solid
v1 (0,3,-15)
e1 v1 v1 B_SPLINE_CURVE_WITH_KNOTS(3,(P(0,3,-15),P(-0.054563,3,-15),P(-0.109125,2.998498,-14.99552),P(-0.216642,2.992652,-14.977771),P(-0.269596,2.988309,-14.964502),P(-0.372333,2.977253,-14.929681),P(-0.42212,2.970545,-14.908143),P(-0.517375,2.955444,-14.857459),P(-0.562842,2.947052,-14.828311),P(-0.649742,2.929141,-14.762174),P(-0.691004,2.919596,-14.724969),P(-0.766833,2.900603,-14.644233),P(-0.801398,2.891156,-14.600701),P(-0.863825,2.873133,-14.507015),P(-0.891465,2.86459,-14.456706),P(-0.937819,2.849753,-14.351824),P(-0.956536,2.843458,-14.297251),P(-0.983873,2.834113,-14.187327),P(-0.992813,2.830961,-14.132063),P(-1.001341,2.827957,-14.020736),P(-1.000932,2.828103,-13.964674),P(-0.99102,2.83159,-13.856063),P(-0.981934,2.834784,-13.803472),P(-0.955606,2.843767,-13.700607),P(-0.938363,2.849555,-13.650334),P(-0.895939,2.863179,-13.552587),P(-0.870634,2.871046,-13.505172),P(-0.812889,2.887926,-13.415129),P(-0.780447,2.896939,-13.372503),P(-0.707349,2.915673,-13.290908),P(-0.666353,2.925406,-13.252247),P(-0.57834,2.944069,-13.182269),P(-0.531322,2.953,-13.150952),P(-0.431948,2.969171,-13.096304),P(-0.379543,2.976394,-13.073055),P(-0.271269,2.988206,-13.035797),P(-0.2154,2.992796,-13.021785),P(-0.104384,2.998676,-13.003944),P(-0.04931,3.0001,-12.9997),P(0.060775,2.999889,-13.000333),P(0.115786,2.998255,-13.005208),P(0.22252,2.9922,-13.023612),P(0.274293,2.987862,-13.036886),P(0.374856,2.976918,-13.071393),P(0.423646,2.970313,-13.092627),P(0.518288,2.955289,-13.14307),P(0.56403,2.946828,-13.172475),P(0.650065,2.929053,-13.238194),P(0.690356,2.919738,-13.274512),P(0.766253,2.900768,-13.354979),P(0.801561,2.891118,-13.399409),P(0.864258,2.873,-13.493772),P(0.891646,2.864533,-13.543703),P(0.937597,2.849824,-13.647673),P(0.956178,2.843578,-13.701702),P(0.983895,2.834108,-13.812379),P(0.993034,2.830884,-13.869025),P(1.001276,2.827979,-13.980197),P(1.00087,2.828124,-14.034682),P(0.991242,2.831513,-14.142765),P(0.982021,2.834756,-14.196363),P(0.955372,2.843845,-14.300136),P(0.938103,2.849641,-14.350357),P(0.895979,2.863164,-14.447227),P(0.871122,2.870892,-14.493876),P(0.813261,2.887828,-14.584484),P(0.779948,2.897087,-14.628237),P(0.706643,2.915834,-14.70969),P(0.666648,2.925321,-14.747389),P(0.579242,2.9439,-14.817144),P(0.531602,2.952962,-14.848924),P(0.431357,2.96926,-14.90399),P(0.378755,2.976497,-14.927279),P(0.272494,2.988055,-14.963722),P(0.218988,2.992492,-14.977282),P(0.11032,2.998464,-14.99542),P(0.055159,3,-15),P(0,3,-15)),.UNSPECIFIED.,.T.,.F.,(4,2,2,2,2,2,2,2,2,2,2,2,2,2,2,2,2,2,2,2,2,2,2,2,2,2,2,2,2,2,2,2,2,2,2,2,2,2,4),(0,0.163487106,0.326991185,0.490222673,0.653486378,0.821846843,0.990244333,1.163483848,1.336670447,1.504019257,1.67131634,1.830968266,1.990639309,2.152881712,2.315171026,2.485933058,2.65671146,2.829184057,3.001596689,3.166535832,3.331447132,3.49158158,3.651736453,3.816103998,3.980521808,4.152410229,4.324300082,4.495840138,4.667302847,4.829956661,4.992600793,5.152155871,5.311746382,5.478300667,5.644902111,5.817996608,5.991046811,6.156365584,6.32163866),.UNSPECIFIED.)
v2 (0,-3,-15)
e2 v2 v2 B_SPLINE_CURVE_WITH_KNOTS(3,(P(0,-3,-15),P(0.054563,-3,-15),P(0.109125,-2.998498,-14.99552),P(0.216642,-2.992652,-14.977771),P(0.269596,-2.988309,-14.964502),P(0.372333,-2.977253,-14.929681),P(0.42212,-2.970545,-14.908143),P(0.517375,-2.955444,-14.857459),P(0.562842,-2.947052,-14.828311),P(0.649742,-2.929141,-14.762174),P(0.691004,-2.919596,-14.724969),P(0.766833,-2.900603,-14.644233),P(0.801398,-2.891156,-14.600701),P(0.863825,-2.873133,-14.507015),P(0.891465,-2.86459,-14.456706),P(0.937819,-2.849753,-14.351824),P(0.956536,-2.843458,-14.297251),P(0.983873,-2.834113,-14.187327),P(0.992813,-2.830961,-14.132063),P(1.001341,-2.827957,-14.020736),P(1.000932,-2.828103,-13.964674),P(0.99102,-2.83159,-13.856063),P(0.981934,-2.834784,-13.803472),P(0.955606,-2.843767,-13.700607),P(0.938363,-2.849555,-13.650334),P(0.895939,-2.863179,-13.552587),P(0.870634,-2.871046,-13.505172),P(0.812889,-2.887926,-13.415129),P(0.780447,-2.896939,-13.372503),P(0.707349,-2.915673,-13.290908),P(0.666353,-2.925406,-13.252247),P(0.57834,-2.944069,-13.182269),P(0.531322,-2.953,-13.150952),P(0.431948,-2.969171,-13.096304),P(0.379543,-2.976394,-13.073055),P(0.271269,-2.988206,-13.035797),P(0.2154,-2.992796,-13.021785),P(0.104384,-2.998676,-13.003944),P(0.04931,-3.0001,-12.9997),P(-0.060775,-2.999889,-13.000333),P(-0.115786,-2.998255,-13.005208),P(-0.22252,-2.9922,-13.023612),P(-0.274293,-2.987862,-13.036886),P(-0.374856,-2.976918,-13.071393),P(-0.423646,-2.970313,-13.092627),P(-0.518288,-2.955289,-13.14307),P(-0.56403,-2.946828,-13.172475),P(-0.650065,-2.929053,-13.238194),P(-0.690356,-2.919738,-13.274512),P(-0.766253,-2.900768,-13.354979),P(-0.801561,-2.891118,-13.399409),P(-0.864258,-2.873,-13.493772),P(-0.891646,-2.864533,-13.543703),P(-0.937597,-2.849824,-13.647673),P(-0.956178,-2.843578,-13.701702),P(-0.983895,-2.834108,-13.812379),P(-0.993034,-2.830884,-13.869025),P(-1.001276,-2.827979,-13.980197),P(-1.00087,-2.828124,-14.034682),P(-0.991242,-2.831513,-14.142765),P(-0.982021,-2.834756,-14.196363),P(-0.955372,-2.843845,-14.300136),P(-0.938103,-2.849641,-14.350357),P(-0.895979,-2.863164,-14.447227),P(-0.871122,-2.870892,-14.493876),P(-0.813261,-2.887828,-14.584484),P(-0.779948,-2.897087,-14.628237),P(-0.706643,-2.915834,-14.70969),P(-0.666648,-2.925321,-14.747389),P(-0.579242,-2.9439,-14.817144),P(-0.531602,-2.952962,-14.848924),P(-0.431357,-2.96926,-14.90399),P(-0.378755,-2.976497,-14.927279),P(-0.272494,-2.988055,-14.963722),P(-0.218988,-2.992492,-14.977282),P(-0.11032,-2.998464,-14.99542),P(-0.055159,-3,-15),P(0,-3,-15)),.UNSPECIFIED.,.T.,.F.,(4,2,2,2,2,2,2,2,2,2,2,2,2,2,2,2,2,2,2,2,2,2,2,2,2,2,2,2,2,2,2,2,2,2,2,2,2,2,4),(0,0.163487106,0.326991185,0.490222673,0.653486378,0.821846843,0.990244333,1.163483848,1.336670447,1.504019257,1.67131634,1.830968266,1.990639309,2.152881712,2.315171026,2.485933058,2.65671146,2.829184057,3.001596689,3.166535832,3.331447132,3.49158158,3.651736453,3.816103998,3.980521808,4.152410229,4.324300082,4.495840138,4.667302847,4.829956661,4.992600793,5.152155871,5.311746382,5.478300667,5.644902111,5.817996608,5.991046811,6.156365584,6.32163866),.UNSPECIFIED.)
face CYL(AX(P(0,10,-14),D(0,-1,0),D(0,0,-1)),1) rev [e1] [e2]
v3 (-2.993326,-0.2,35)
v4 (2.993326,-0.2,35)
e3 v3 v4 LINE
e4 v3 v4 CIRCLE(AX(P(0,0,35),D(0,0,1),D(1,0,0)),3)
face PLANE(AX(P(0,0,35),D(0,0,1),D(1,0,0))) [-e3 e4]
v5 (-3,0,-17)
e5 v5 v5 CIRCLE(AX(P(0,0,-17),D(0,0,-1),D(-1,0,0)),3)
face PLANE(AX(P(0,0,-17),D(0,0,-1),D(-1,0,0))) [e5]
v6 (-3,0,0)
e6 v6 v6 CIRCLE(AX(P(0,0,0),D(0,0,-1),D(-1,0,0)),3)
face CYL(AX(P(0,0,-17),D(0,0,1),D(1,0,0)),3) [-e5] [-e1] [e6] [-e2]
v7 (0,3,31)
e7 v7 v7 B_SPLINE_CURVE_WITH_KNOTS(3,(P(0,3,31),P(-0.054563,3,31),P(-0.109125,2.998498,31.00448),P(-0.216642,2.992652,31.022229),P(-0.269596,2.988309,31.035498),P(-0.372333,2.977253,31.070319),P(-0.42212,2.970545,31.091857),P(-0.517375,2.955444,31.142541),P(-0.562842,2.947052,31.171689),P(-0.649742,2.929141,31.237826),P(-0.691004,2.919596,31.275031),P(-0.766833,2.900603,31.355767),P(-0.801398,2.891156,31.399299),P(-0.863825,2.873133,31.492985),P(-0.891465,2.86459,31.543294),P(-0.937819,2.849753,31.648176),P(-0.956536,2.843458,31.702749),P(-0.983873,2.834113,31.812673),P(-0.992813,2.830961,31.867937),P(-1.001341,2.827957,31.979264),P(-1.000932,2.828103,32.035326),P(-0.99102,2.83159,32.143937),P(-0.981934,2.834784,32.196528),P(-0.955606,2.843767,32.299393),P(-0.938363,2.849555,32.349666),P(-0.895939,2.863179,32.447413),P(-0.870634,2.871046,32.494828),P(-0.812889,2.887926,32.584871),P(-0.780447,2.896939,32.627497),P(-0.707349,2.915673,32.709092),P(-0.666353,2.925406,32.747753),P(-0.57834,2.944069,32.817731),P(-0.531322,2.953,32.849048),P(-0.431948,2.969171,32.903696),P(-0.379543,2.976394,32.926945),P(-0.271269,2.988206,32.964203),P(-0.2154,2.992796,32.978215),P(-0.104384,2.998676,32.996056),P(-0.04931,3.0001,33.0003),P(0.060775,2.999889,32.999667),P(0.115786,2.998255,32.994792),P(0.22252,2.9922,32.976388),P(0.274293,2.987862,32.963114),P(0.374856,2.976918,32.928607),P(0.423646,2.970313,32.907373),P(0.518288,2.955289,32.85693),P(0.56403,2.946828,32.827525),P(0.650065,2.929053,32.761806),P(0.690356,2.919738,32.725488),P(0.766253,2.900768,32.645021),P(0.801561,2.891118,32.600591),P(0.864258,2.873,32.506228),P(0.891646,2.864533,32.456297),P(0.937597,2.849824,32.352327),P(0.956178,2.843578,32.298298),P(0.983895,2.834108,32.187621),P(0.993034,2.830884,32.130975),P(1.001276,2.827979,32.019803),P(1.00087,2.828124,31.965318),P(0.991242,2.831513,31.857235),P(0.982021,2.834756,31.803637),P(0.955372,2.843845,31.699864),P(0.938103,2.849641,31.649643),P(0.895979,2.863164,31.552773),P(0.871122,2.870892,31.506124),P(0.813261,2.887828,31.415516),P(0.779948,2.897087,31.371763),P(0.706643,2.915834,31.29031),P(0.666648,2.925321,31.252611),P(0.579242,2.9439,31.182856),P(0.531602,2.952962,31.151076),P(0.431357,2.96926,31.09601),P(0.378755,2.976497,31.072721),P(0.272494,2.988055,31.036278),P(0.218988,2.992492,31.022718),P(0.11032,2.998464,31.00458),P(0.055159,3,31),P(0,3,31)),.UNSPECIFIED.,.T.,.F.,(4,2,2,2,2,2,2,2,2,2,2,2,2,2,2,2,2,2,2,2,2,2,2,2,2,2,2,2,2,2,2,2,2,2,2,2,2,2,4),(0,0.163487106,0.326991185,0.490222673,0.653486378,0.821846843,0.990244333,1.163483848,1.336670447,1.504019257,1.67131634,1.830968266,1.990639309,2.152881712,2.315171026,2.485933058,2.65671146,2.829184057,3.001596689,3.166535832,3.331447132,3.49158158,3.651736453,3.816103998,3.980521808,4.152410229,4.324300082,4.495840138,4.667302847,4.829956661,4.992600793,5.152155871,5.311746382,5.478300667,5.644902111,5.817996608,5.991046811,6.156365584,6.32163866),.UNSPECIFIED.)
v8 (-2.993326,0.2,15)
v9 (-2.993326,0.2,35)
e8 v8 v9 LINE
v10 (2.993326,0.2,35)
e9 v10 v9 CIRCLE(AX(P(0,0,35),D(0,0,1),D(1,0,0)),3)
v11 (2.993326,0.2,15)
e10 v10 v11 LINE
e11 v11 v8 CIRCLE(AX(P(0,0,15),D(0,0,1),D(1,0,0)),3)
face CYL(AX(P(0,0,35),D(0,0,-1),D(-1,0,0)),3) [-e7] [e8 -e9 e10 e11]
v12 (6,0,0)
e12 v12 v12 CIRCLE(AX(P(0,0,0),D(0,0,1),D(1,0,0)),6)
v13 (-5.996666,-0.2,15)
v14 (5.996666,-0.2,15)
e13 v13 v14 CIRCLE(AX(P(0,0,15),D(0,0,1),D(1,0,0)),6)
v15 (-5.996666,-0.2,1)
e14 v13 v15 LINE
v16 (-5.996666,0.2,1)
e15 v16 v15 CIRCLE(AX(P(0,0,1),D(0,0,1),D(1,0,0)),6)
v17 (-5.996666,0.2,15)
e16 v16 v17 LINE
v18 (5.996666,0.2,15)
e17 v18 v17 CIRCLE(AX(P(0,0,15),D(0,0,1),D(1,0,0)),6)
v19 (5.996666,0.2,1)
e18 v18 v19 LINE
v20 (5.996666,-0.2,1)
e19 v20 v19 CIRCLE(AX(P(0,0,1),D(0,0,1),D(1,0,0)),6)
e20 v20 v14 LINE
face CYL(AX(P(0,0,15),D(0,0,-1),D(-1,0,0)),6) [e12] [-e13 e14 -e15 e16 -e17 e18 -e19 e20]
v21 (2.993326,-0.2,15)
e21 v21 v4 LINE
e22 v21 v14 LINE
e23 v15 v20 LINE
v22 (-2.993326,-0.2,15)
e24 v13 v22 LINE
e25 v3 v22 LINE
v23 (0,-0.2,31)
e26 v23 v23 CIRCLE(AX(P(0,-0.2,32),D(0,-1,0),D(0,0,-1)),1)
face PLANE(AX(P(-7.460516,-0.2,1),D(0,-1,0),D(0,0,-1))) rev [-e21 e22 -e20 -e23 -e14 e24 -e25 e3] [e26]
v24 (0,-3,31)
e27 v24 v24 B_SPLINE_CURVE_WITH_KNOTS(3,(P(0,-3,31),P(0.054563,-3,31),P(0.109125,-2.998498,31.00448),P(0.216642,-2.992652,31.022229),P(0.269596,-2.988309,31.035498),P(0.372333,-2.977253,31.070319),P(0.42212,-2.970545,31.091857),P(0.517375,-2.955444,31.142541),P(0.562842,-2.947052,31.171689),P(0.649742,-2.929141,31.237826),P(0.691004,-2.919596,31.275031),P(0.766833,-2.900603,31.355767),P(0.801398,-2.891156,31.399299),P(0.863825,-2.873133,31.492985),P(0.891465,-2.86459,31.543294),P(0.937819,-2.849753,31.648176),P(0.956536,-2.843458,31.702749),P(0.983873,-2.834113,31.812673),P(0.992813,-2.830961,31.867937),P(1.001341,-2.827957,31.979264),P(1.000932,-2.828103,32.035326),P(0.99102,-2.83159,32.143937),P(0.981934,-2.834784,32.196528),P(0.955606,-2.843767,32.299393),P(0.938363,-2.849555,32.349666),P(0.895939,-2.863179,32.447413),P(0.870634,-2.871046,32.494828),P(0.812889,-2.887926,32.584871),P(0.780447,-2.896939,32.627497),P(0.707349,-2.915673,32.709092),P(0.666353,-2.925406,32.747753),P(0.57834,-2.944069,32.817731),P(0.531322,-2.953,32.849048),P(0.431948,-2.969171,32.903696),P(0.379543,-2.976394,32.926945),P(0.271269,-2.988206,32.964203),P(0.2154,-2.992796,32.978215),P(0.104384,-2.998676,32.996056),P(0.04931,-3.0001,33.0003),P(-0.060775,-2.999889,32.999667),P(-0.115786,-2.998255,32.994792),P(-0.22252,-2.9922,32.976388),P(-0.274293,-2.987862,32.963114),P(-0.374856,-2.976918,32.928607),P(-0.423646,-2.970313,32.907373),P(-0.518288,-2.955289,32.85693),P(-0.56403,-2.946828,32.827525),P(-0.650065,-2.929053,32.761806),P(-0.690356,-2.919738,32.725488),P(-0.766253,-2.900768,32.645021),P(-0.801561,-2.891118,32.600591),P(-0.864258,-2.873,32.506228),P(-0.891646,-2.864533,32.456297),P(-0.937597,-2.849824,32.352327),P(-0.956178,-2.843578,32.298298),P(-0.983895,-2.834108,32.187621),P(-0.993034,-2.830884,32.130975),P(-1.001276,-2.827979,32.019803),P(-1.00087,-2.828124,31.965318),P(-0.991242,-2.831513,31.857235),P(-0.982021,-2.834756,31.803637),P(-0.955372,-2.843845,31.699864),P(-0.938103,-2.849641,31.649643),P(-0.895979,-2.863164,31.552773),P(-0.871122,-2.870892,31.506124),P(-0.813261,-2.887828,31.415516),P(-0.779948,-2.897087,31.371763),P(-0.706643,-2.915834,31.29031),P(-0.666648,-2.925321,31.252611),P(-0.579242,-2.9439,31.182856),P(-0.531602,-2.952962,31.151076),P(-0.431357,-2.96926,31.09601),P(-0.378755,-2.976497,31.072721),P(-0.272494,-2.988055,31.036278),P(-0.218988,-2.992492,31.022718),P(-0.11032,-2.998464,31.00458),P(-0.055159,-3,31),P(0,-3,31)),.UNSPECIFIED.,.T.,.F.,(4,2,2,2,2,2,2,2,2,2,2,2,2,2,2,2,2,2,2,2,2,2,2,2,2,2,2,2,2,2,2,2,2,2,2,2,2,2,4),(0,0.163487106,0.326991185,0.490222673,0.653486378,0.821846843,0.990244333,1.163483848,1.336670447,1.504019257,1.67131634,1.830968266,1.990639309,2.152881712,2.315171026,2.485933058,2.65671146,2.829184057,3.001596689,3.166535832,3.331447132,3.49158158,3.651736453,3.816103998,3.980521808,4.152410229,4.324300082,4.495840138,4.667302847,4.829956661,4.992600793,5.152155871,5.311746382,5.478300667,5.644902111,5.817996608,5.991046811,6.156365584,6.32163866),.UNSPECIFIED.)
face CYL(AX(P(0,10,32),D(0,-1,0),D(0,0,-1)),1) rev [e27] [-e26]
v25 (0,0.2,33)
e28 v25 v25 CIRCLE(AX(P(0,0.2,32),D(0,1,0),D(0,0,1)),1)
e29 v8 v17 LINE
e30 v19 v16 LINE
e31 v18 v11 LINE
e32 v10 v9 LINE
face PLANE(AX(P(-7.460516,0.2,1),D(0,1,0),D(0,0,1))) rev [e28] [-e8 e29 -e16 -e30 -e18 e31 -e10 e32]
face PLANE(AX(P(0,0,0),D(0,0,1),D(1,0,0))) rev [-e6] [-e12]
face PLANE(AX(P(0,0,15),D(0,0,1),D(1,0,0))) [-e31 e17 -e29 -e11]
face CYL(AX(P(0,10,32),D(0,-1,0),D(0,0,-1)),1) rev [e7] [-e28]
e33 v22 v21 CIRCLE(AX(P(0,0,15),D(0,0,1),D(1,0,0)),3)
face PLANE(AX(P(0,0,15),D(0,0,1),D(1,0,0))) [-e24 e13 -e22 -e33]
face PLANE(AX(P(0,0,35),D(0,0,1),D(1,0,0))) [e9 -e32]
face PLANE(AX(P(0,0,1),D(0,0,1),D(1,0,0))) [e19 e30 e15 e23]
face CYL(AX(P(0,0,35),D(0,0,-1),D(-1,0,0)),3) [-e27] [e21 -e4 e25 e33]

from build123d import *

# Parameters (mm, degrees)
SKETCH_1_R               = 6
EXTRUDE_1_DEPTH          = 15
SKETCH_2_R               = 3
EXTRUDE_2_DEPTH          = 20
EXTRUDE_START            = 17
SKETCH_3_R               = 3
EXTRUDE_3_DEPTH          = 17
CUT_EXTRUDE_1_DEPTH      = 10
CUT_EXTRUDE_1_DEPTH_BACK = 10
SKETCH_5_R               = 1
SKETCH_7_W               = 14.322953254
SKETCH_7_H               = 0.4
CUT_EXTRUDE_2_DEPTH      = 34


with BuildPart() as part:
    # 草图1 → 凸台-拉伸1 (new body)
    with BuildSketch(Plane.XY):
        Circle(SKETCH_1_R)
    extrude(amount=EXTRUDE_1_DEPTH)

    # 草图2 → 凸台-拉伸2 (add)
    with BuildSketch(Plane.XY.offset(15)):
        Circle(SKETCH_2_R)
    extrude(amount=EXTRUDE_2_DEPTH)

    # 草图3 → 凸台-拉伸3 (add)
    with BuildSketch(Plane(origin=(0, 0, 0), x_dir=(-1, 0, 0), z_dir=(0, 0, -1)).offset(EXTRUDE_START)):
        Circle(SKETCH_3_R)
    extrude(amount=-EXTRUDE_3_DEPTH)

    # 草图5 → 切除-拉伸1 (cut, two sides: drawn at the far end of the back side and taken through both)
    with BuildSketch(Plane(origin=(0, 0, 0), x_dir=(1, 0, 0), z_dir=(0, 1, 0)).offset(-CUT_EXTRUDE_1_DEPTH_BACK)):
        with Locations((0, -32)):
            Circle(SKETCH_5_R)
        with Locations((0, 14)):
            Circle(SKETCH_5_R)
    extrude(amount=CUT_EXTRUDE_1_DEPTH + CUT_EXTRUDE_1_DEPTH_BACK, mode=Mode.SUBTRACT)

    # 草图7 → 切除-拉伸2 (cut)
    with BuildSketch(Plane.XY.offset(35)):
        with Locations((-0.299039341, 0)):
            Rectangle(SKETCH_7_W, SKETCH_7_H)
    extrude(amount=-CUT_EXTRUDE_2_DEPTH, mode=Mode.SUBTRACT)


solid = part.part
